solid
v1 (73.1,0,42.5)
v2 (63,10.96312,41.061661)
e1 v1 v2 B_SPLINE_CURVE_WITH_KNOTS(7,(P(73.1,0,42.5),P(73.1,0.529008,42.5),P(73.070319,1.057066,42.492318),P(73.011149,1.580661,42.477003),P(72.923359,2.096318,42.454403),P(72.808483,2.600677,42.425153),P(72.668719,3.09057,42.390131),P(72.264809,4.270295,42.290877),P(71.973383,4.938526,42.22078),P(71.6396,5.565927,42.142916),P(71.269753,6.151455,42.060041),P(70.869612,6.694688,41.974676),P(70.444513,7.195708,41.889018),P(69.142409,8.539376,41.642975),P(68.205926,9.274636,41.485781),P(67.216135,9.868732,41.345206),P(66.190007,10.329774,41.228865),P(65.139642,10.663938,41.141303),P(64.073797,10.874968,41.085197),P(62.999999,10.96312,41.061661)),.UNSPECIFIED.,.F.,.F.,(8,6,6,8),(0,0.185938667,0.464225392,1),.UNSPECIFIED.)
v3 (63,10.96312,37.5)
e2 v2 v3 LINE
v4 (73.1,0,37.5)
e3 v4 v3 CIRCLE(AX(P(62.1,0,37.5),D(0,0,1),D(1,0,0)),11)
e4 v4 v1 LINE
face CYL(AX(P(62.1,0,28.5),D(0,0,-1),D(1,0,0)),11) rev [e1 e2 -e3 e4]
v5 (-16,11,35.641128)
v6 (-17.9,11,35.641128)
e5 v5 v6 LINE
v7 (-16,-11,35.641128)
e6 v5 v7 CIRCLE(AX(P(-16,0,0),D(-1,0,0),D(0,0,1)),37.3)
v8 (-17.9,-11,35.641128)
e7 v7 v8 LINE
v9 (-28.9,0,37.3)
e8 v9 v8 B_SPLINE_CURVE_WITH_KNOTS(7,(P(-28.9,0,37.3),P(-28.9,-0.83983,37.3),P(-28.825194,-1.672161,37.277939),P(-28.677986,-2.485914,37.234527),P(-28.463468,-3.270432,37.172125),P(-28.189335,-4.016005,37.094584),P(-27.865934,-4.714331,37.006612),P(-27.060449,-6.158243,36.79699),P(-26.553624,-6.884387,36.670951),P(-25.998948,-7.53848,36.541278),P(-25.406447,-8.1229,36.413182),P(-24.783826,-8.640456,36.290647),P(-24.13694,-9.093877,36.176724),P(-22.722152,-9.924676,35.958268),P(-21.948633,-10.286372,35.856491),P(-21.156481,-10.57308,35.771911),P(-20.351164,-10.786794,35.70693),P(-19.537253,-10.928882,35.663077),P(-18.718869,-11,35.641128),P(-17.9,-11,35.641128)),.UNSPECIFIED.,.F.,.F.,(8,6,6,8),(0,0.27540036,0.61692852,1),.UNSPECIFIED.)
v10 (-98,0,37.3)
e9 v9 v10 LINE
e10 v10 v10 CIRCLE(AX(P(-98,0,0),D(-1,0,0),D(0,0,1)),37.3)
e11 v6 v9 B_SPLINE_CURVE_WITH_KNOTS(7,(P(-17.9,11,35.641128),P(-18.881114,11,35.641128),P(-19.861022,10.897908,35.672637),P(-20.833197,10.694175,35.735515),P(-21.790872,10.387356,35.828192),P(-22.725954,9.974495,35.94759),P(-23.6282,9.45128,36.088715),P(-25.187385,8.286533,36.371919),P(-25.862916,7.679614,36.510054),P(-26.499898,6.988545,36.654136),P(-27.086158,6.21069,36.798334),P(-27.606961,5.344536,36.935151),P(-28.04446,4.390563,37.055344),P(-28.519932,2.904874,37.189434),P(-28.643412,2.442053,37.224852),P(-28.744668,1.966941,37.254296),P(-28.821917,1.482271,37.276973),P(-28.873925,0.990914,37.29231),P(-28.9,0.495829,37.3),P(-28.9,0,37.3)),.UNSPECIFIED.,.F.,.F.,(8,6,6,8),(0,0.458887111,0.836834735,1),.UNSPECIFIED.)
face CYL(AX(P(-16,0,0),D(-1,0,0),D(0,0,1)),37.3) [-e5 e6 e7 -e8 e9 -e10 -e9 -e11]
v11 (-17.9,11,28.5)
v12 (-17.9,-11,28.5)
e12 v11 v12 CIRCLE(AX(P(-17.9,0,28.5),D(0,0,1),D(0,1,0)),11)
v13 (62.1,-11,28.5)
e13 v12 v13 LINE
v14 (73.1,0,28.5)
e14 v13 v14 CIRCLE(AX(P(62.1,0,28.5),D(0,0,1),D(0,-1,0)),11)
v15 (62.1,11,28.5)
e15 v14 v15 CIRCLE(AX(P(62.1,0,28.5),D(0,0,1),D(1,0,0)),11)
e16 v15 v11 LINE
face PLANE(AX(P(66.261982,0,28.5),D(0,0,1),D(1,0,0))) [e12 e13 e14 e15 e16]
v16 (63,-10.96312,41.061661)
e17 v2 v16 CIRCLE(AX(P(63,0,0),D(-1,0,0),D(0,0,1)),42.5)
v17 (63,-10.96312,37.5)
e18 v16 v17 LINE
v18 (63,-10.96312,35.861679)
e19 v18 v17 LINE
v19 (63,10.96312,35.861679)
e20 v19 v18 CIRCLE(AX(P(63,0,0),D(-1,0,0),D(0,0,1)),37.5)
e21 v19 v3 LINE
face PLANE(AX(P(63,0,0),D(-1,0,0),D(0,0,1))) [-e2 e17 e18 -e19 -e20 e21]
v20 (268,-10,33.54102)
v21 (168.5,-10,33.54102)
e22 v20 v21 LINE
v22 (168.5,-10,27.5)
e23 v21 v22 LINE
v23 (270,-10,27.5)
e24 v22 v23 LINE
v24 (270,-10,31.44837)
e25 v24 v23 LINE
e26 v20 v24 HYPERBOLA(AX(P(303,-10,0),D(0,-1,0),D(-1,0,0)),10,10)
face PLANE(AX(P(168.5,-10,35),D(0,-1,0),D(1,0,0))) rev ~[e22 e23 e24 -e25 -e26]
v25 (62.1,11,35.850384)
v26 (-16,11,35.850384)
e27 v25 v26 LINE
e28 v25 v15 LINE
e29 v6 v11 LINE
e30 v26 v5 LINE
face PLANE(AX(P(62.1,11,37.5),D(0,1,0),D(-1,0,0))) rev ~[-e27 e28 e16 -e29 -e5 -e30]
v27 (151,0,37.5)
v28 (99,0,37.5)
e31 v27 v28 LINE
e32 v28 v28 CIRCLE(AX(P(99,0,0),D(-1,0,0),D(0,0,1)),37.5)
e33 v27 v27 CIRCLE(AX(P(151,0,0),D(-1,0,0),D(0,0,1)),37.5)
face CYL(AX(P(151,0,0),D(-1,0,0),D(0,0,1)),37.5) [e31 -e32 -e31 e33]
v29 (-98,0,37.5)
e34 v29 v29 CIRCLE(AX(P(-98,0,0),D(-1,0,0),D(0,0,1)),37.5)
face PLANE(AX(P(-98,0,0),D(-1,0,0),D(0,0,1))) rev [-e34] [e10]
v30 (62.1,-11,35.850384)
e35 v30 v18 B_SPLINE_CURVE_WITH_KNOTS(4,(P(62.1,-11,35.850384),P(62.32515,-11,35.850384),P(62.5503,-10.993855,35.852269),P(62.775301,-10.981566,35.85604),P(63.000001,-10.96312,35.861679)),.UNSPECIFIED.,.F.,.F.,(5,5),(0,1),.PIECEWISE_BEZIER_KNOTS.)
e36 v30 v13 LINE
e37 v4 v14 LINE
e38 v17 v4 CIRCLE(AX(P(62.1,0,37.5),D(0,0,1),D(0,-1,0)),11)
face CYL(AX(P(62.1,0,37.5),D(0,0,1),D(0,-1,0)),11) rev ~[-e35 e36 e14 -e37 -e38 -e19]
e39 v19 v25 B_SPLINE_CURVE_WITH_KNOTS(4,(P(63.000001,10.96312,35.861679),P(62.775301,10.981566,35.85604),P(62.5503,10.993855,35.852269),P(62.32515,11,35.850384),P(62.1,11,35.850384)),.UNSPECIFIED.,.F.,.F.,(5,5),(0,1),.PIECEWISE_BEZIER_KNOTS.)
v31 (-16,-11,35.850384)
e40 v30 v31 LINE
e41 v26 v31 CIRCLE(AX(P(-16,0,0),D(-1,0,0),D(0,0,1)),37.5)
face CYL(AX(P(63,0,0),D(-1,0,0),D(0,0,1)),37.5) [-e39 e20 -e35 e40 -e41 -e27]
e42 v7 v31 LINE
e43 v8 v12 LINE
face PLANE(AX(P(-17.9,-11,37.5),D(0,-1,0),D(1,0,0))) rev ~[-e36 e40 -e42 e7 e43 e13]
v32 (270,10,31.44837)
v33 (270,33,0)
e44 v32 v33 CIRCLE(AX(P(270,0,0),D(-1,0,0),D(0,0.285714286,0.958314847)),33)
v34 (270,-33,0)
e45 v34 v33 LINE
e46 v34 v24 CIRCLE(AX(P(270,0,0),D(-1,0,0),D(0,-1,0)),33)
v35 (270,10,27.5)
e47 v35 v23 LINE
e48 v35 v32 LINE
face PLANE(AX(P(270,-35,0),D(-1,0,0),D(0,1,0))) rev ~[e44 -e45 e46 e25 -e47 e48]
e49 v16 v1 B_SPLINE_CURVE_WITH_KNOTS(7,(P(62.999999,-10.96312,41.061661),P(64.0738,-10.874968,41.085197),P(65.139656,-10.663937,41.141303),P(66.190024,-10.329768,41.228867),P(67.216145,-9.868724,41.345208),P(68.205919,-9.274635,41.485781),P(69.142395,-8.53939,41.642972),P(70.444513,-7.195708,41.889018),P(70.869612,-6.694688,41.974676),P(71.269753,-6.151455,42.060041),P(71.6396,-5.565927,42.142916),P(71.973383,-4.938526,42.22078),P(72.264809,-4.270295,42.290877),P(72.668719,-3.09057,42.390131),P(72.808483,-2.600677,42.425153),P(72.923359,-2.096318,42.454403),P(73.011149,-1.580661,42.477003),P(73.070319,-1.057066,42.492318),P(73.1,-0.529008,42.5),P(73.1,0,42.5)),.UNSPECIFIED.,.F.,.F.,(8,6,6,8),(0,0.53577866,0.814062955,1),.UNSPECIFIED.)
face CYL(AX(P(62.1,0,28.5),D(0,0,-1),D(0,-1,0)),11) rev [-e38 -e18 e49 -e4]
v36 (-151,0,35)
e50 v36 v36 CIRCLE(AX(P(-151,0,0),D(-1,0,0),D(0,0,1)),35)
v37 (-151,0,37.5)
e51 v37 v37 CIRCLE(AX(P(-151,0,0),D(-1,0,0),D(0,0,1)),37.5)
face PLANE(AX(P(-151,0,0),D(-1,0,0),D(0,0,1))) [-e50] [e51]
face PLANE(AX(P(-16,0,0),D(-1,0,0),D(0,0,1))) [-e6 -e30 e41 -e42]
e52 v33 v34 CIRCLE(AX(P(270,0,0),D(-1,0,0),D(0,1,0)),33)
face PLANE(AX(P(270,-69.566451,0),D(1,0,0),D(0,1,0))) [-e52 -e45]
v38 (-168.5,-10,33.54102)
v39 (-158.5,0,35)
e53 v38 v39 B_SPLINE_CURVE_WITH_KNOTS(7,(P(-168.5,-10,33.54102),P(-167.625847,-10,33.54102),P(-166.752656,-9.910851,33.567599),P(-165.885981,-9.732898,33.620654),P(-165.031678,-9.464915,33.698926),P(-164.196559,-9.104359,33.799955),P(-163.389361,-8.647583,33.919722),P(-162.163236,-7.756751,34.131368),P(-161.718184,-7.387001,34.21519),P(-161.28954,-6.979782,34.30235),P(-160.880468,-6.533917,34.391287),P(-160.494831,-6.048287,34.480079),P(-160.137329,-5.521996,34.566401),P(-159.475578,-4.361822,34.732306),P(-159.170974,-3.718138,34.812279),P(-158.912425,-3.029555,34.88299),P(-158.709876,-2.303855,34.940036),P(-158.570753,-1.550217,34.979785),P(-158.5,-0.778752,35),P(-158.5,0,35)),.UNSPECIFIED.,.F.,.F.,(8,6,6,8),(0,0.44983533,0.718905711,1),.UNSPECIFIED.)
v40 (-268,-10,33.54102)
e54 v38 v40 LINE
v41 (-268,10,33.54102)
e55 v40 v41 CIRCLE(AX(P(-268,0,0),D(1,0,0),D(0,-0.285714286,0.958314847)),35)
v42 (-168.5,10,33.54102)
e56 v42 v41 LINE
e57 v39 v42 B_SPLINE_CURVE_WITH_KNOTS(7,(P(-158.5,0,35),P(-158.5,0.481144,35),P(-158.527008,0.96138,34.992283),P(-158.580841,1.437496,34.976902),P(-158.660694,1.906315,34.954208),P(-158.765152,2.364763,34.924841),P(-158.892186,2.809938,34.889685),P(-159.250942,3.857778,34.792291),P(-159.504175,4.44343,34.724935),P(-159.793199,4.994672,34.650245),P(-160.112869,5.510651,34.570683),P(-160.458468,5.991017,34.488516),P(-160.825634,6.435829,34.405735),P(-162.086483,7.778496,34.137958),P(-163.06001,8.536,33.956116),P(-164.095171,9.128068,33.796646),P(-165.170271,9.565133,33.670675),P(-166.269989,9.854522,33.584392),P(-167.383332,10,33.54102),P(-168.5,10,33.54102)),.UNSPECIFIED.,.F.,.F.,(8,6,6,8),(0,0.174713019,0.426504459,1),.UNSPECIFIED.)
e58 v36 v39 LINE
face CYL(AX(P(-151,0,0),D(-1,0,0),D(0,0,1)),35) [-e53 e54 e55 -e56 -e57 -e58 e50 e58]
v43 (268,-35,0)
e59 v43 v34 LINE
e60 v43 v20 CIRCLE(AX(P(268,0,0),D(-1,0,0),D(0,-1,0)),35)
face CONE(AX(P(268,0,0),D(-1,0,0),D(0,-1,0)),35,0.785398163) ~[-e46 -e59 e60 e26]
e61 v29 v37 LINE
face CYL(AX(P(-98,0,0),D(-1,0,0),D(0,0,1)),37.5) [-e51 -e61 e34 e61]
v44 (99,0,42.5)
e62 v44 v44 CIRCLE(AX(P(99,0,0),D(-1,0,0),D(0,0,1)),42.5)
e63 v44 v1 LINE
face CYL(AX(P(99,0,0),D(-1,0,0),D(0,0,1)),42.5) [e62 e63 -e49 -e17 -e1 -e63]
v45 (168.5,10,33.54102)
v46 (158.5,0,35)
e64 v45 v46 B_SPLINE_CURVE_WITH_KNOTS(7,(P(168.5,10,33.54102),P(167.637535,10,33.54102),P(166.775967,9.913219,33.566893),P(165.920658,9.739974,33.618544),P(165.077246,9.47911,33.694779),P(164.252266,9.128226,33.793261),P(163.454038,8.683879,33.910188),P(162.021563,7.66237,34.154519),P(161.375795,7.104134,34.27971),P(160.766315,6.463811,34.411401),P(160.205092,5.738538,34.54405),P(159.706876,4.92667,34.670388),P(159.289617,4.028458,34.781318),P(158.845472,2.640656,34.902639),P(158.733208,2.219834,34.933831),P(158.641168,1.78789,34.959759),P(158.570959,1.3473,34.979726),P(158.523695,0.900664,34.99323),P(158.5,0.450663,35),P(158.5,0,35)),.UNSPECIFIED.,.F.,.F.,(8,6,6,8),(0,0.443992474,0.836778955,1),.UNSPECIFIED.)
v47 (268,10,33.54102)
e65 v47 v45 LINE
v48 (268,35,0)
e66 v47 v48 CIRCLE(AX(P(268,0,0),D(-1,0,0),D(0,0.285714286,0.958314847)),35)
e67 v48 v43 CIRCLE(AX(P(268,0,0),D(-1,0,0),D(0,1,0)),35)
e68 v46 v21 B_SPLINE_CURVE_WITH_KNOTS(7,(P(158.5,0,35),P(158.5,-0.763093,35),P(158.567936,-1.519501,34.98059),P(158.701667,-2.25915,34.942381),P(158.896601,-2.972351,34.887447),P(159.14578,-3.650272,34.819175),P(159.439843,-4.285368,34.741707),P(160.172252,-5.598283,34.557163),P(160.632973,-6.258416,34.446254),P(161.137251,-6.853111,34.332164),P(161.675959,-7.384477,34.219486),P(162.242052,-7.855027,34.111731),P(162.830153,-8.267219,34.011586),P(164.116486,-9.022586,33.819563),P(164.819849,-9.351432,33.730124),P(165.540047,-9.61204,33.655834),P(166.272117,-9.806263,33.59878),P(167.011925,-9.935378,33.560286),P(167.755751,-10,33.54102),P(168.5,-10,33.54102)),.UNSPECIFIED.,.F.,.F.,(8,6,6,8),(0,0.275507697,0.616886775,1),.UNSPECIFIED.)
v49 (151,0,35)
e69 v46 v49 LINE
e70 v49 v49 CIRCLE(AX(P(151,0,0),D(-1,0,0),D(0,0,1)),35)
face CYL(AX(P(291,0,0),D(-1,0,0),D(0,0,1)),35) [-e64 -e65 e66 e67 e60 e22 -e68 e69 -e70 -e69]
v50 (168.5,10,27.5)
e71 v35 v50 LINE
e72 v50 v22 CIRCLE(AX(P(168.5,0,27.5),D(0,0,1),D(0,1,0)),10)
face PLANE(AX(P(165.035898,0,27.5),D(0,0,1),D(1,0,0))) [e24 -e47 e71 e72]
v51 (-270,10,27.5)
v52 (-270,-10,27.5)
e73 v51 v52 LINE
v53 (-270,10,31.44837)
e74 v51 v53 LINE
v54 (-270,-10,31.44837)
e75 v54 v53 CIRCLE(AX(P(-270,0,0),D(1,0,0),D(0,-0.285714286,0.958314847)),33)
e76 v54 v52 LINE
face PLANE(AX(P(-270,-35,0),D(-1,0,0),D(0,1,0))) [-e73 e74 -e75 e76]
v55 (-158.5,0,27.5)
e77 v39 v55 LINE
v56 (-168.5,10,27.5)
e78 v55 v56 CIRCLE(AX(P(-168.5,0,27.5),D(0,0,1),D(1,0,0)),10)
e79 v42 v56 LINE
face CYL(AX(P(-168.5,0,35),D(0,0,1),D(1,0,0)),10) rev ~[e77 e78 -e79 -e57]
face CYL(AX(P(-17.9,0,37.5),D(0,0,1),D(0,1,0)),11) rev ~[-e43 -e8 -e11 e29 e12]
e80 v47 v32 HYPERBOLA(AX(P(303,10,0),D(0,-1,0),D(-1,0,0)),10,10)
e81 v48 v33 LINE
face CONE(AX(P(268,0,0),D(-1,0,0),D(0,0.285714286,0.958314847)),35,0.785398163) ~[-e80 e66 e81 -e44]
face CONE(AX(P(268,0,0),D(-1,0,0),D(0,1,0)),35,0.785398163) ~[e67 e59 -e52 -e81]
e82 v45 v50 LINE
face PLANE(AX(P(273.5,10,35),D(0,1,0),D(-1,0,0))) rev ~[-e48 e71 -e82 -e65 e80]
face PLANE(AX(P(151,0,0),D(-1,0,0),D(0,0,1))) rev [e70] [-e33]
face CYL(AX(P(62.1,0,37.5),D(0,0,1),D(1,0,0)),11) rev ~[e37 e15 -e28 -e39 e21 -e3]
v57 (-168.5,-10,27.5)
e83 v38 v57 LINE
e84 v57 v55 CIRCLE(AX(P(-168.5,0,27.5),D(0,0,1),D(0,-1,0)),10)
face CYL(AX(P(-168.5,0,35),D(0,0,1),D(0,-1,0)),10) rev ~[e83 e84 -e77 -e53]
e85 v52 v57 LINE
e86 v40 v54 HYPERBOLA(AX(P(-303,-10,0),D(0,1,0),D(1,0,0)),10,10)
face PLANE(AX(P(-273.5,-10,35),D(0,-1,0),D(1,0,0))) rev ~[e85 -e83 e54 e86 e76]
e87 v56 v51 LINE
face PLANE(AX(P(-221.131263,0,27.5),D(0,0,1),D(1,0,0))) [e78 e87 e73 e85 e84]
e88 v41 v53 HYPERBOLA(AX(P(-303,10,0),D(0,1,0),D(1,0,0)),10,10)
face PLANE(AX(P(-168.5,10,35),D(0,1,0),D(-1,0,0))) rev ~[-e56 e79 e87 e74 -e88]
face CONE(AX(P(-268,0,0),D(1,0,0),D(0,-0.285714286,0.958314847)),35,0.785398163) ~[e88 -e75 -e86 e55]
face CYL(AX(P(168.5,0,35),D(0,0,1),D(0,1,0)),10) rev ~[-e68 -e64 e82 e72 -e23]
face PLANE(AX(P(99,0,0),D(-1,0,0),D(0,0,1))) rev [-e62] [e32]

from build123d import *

# Parameters (mm, degrees)
F4_DEPTH  = 7.5
F7_DEPTH  = 9
F8_DEPTH  = 14.001
F9_W      = 61.8011951447
F9_H      = 108.7959855795
F9_W_2    = 52.8042912483
F9_H_2    = 139.1329020262
F10_DEPTH = 42.5010001
F11_DEPTH = 42.5010001
F12_SIZE  = 2


with BuildPart() as f1:
    # F0 (on Front) → F1 (revolve)
    with BuildSketch(Plane.XZ):
        Polygon((-291, 35), (-291, 0), (291, 0), (291, 35), (151, 35), (151, 37.5), (99, 37.5), (99, 42.5), (63, 42.5), (63, 37.5), (-16, 37.5), (-16, 37.3), (-98, 37.3), (-98, 37.5), (-151, 37.5), (-151, 35), align=None)
    revolve(axis=Axis((0, 0, 0), (-1, 0, 0)))

    # F3 (on offset) → F4 (cut)
    with BuildSketch(Plane.XY.offset(35)):
        with BuildLine():
            Line((-168.5, 10), (-273.5, 10))
            ThreePointArc((-273.5, 10), (-266.4289321881, 7.0710678119), (-263.5, 0))
            ThreePointArc((-263.5, 0), (-266.4289321881, -7.0710678119), (-273.5, -10))
            Line((-273.5, -10), (-168.5, -10))
            ThreePointArc((-168.5, -10), (-178.5, 0), (-168.5, 10))
        make_face()
        with BuildLine():
            ThreePointArc((-263.5, 0), (-266.4289321881, 7.0710678119), (-273.5, 10))
            Line((-273.5, 10), (-273.5, -10))
            ThreePointArc((-273.5, -10), (-266.4289321881, -7.0710678119), (-263.5, 0))
        make_face()
        with BuildLine():
            Line((-273.5, -10), (-273.5, 10))
            ThreePointArc((-273.5, 10), (-283.5, 0), (-273.5, -10))
        make_face()
        with BuildLine():
            Line((-168.5, -10), (-168.5, 10))
            ThreePointArc((-168.5, 10), (-178.5, 0), (-168.5, -10))
        make_face()
        with BuildLine():
            ThreePointArc((-158.5, 0), (-161.4289321881, 7.0710678119), (-168.5, 10))
            Line((-168.5, 10), (-168.5, -10))
            ThreePointArc((-168.5, -10), (-161.4289321881, -7.0710678119), (-158.5, 0))
        make_face()
        with BuildLine():
            Line((168.5, -10), (168.5, 10))
            ThreePointArc((168.5, 10), (158.5, 0), (168.5, -10))
        make_face()
        with BuildLine():
            ThreePointArc((178.5, 0), (175.5710678119, 7.0710678119), (168.5, 10))
            Line((168.5, 10), (168.5, -10))
            ThreePointArc((168.5, -10), (175.5710678119, -7.0710678119), (178.5, 0))
        make_face()
        with BuildLine():
            Line((273.5, -10), (273.5, 10))
            ThreePointArc((273.5, 10), (263.5, 0), (273.5, -10))
        make_face()
        with BuildLine():
            ThreePointArc((283.5, 0), (280.5710678119, 7.0710678119), (273.5, 10))
            Line((273.5, 10), (273.5, -10))
            ThreePointArc((273.5, -10), (280.5710678119, -7.0710678119), (283.5, 0))
        make_face()
        with BuildLine():
            Line((273.5, 10), (168.5, 10))
            ThreePointArc((168.5, 10), (175.5710678119, 7.0710678119), (178.5, 0))
            ThreePointArc((178.5, 0), (175.5710678119, -7.0710678119), (168.5, -10))
            Line((168.5, -10), (273.5, -10))
            ThreePointArc((273.5, -10), (263.5, 0), (273.5, 10))
        make_face()
    extrude(amount=-F4_DEPTH, mode=Mode.SUBTRACT)

    # F6 (on offset) → F7 (cut)
    with BuildSketch(Plane.XY.offset(37.5)):
        with BuildLine():
            ThreePointArc((73.1, 0), (69.8781745931, 7.7781745931), (62.1, 11))
            Line((62.1, 11), (62.1, -11))
            ThreePointArc((62.1, -11), (69.8781745931, -7.7781745931), (73.1, 0))
        make_face()
        with BuildLine():
            Line((62.1, 11), (-17.9, 11))
            ThreePointArc((-17.9, 11), (-10.1218254069, 7.7781745931), (-6.9, 0))
            ThreePointArc((-6.9, 0), (-10.1218254069, -7.7781745931), (-17.9, -11))
            Line((-17.9, -11), (62.1, -11))
            ThreePointArc((62.1, -11), (51.1, 0), (62.1, 11))
        make_face()
        with BuildLine():
            Line((62.1, -11), (62.1, 11))
            ThreePointArc((62.1, 11), (51.1, 0), (62.1, -11))
        make_face()
        with BuildLine():
            Line((-17.9, -11), (-17.9, 11))
            ThreePointArc((-17.9, 11), (-28.9, 0), (-17.9, -11))
        make_face()
        with BuildLine():
            ThreePointArc((-6.9, 0), (-10.1218254069, 7.7781745931), (-17.9, 11))
            Line((-17.9, 11), (-17.9, -11))
            ThreePointArc((-17.9, -11), (-10.1218254069, -7.7781745931), (-6.9, 0))
        make_face()
    extrude(amount=-F7_DEPTH, mode=Mode.SUBTRACT)

    # F8 (cut, through all): a face of the model
    f8_faces = [f1.faces().sort_by_distance(p)[0] for p in [
        (22.1, 0, 28.5),
    ]]
    extrude(f8_faces, amount=F8_DEPTH, mode=Mode.SUBTRACT)

    # F9 (on Top) → F10 (cut, through all)
    with BuildSketch(Plane.XY):
        with Locations((-300.9005975723, 0)):
            Rectangle(F9_W, F9_H)
        with Locations((296.4021456242, 0)):
            Rectangle(F9_W_2, F9_H_2)
    extrude(amount=-F10_DEPTH, mode=Mode.SUBTRACT)

    # F11 (cut, through all): faces of the model
    f11_faces = [f1.faces().sort_by_distance(p)[0] for p in [
        (-280.5, 0, 0),
        (280.5, 0, 0),
    ]]
    extrude(f11_faces, amount=-F11_DEPTH, mode=Mode.SUBTRACT)

    # F12
    f12_edges = [f1.edges().sort_by_distance(p)[0] for p in [
        (-270, 0, -35),
        (270, 0, -35),
    ]]
    chamfer(f12_edges, length=F12_SIZE)


solid = f1.part
